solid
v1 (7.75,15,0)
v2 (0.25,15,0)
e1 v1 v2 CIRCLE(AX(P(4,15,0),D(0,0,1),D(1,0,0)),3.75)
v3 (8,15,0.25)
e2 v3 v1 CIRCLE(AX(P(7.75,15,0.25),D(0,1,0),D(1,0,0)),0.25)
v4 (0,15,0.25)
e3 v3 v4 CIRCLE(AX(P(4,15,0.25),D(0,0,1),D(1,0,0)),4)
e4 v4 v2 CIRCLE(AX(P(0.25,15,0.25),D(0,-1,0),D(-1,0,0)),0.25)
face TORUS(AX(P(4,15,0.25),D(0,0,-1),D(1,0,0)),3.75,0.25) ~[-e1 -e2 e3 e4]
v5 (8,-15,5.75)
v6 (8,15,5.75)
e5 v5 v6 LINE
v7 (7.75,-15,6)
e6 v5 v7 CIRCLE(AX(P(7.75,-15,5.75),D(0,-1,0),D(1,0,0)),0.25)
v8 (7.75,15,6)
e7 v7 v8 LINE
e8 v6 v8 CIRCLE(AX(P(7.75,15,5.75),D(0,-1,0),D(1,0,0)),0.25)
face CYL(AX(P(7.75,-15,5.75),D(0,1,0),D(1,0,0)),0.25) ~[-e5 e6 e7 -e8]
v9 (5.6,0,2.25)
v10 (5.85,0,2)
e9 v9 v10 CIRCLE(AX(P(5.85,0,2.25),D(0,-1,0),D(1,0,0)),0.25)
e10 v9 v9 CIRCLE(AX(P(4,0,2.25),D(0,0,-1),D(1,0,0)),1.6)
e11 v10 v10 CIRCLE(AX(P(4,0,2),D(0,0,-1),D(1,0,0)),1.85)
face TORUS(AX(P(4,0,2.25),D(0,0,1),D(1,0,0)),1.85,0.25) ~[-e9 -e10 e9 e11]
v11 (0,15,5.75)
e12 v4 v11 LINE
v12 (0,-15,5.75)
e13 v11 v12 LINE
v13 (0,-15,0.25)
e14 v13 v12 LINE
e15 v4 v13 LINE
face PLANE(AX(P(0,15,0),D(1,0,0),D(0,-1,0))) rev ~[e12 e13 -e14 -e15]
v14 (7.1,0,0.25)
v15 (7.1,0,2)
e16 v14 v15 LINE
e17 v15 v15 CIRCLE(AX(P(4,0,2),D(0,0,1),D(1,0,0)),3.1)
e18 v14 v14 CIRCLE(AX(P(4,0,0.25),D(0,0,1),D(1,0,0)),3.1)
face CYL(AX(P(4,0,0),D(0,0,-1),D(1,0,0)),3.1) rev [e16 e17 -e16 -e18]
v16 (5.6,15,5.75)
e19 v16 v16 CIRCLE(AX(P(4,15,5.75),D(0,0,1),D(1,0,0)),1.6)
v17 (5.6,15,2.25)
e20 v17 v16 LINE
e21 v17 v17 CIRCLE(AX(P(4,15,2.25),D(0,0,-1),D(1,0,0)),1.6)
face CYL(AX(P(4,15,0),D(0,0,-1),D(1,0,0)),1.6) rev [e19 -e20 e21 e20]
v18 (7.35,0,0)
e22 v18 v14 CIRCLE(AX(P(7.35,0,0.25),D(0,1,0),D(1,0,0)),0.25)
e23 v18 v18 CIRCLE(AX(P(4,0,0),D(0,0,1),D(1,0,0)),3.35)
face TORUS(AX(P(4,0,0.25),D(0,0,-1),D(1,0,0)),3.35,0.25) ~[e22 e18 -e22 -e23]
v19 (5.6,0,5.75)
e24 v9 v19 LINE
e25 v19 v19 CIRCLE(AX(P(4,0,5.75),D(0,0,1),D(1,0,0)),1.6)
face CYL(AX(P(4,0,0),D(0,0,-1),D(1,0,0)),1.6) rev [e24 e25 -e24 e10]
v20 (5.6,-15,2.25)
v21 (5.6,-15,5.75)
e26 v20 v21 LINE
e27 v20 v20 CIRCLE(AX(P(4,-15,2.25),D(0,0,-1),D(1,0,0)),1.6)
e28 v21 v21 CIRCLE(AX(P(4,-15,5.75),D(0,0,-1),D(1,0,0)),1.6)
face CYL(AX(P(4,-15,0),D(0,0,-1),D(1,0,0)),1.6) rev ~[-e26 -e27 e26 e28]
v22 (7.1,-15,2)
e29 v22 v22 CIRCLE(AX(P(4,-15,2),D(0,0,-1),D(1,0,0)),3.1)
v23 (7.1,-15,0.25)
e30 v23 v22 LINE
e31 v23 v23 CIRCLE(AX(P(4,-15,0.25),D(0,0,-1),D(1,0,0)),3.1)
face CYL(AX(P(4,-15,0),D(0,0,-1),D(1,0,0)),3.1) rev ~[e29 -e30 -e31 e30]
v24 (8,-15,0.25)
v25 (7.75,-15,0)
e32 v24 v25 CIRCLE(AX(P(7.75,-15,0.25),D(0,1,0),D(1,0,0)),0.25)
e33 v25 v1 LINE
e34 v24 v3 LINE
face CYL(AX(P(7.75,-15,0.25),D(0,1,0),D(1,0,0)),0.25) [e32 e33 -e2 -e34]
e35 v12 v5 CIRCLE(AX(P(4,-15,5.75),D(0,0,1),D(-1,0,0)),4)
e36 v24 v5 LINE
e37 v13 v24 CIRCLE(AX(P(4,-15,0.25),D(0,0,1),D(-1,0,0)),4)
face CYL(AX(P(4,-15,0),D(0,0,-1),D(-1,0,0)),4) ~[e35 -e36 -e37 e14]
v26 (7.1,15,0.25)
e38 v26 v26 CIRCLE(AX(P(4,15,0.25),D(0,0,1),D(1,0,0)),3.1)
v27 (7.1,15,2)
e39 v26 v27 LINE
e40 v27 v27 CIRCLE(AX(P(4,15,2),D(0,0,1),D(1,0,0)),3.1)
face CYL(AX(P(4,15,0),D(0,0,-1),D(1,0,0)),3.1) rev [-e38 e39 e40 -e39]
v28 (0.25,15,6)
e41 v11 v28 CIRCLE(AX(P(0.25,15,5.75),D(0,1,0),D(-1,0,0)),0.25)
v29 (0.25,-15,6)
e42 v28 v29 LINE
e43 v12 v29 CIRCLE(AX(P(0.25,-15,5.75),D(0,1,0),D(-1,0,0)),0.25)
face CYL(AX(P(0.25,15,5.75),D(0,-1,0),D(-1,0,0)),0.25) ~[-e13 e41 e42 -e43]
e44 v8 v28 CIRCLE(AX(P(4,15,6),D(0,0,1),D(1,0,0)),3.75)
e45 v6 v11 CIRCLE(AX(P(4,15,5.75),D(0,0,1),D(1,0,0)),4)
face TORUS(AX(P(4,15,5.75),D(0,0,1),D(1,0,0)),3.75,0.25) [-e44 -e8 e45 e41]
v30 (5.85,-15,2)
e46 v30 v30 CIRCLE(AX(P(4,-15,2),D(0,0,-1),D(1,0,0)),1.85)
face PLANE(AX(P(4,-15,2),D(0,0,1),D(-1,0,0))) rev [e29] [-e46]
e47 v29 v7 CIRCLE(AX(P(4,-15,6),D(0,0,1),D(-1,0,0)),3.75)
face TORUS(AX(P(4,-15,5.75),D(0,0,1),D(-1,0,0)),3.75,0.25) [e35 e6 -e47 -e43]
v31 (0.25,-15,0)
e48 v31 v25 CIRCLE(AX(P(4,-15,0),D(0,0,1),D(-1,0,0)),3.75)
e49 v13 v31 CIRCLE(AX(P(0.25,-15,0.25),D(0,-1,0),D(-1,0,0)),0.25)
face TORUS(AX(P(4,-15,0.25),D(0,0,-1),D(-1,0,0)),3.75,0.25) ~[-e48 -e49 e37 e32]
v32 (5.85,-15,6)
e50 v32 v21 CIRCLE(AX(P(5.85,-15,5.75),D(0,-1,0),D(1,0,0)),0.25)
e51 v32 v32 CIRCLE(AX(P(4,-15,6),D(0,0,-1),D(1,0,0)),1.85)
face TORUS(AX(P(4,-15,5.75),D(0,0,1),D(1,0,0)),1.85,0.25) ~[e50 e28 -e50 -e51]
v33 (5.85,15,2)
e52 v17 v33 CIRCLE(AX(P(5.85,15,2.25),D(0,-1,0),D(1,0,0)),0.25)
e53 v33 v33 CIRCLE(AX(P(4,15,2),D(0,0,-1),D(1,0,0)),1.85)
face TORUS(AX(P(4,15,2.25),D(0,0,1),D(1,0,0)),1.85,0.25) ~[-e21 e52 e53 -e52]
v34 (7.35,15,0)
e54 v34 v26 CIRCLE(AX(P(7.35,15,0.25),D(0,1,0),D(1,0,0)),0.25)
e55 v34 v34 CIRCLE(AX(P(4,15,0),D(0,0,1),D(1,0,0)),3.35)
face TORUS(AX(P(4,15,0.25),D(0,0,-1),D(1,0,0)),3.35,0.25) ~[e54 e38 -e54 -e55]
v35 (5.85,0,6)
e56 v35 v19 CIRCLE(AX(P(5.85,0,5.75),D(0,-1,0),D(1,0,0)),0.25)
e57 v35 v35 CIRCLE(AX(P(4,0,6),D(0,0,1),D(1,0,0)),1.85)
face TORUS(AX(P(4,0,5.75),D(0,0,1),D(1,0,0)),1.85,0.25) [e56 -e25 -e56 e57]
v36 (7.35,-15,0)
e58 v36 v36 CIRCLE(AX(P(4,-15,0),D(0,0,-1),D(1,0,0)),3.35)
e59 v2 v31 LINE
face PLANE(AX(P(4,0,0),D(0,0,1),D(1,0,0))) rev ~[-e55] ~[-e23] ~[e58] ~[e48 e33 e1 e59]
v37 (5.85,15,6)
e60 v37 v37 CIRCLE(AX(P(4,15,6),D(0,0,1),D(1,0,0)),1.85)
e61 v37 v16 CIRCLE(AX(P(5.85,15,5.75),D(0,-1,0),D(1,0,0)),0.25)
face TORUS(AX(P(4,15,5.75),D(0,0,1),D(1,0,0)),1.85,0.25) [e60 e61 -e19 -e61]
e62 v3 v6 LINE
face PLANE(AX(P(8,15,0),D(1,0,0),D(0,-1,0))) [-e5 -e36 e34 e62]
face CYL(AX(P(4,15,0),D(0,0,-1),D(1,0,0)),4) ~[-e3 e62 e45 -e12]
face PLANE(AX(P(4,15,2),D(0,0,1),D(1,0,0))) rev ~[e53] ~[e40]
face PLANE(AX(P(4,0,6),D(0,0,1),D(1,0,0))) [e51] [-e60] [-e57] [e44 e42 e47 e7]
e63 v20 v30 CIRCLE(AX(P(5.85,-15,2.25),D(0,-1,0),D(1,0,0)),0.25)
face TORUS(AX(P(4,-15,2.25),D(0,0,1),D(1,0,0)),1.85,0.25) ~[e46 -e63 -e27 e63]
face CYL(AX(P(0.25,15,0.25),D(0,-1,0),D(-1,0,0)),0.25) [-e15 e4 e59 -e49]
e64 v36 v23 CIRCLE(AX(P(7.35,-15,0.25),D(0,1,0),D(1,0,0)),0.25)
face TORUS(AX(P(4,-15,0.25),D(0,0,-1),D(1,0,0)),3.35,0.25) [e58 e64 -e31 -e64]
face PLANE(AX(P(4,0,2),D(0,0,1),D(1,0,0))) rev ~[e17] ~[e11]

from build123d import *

# Parameters (mm, degrees)
PAD_DEPTH                          = 6
SKETCH001_R                        = 1.6
POCKET_DEPTH                       = 6
SKETCH002_R                        = 3.1
POCKET001_DEPTH                    = 2
SKETCH001_LINEARPATTERN_2_R        = 1.6
POCKET_LINEARPATTERN_2_DEPTH       = 6
SKETCH002_LINEARPATTERN001_2_R     = 3.1
POCKET001_LINEARPATTERN001_2_DEPTH = 2
FILLET_R                           = 0.25


with BuildPart() as part:
    # Sketch → Pad (new body)
    with BuildSketch(Plane.XY):
        with BuildLine():
            Line((0, 15), (0, -15))
            ThreePointArc((0, -15), (4, -19), (8, -15))
            Line((8, 15), (8, -15))
            ThreePointArc((8, 15), (4, 19), (0, 15))
        make_face()
    extrude(amount=PAD_DEPTH)

    # Sketch001 → Pocket (cut)
    with BuildSketch(Plane.XY):
        with Locations((4, 0)):
            Circle(SKETCH001_R)
    pocket = extrude(amount=POCKET_DEPTH, mode=Mode.SUBTRACT)

    # Sketch002 → Pocket001 (cut)
    with BuildSketch(Plane.XY):
        with Locations((4, 0)):
            Circle(SKETCH002_R)
    pocket001 = extrude(amount=POCKET001_DEPTH, mode=Mode.SUBTRACT)

    # Sketch001 LinearPattern 2 → Pocket LinearPattern 2 (cut)
    with BuildSketch(Plane(origin=(0, 15, 0), x_dir=(1, 0, 0), z_dir=(0, 0, 1))):
        with Locations((4, 0)):
            Circle(SKETCH001_LINEARPATTERN_2_R)
    pocket_linearpattern_2 = extrude(amount=POCKET_LINEARPATTERN_2_DEPTH, mode=Mode.SUBTRACT)

    # Mirrored: Pocket, Pocket LinearPattern 2 across Sketch001 H_Axis
    add(pocket.mirror(Plane.ZX), mode=Mode.SUBTRACT)
    add(pocket_linearpattern_2.mirror(Plane.ZX), mode=Mode.SUBTRACT)

    # Sketch002 LinearPattern001 2 → Pocket001 LinearPattern001 2 (cut)
    with BuildSketch(Plane(origin=(0, 15, 0), x_dir=(1, 0, 0), z_dir=(0, 0, 1))):
        with Locations((4, 0)):
            Circle(SKETCH002_LINEARPATTERN001_2_R)
    pocket001_linearpattern001_2 = extrude(amount=POCKET001_LINEARPATTERN001_2_DEPTH, mode=Mode.SUBTRACT)

    # Mirrored001: Pocket001, Pocket001 LinearPattern001 2 across Sketch002 H_Axis
    add(pocket001.mirror(Plane.ZX), mode=Mode.SUBTRACT)
    add(pocket001_linearpattern001_2.mirror(Plane.ZX), mode=Mode.SUBTRACT)

    # Fillet
    fillet_edges = [part.edges().sort_by_distance(p)[0] for p in [
        (4, 19, 0),
        (0, 0, 0),
        (8, 0, 0),
        (4, -19, 0),
        (4, -19, 6),
        (0, 0, 6),
        (4, 19, 6),
        (8, 0, 6),
        (2.4, 15, 6),
        (2.4, 0, 6),
        (2.4, -15, 6),
        (2.4, -15, 2),
        (0.9, -15, 0),
        (0.9, 0, 0),
        (2.4, 0, 2),
        (0.9, 15, 0),
        (2.4, 15, 2),
    ]]
    fillet(fillet_edges, radius=FILLET_R)


solid = part.part
